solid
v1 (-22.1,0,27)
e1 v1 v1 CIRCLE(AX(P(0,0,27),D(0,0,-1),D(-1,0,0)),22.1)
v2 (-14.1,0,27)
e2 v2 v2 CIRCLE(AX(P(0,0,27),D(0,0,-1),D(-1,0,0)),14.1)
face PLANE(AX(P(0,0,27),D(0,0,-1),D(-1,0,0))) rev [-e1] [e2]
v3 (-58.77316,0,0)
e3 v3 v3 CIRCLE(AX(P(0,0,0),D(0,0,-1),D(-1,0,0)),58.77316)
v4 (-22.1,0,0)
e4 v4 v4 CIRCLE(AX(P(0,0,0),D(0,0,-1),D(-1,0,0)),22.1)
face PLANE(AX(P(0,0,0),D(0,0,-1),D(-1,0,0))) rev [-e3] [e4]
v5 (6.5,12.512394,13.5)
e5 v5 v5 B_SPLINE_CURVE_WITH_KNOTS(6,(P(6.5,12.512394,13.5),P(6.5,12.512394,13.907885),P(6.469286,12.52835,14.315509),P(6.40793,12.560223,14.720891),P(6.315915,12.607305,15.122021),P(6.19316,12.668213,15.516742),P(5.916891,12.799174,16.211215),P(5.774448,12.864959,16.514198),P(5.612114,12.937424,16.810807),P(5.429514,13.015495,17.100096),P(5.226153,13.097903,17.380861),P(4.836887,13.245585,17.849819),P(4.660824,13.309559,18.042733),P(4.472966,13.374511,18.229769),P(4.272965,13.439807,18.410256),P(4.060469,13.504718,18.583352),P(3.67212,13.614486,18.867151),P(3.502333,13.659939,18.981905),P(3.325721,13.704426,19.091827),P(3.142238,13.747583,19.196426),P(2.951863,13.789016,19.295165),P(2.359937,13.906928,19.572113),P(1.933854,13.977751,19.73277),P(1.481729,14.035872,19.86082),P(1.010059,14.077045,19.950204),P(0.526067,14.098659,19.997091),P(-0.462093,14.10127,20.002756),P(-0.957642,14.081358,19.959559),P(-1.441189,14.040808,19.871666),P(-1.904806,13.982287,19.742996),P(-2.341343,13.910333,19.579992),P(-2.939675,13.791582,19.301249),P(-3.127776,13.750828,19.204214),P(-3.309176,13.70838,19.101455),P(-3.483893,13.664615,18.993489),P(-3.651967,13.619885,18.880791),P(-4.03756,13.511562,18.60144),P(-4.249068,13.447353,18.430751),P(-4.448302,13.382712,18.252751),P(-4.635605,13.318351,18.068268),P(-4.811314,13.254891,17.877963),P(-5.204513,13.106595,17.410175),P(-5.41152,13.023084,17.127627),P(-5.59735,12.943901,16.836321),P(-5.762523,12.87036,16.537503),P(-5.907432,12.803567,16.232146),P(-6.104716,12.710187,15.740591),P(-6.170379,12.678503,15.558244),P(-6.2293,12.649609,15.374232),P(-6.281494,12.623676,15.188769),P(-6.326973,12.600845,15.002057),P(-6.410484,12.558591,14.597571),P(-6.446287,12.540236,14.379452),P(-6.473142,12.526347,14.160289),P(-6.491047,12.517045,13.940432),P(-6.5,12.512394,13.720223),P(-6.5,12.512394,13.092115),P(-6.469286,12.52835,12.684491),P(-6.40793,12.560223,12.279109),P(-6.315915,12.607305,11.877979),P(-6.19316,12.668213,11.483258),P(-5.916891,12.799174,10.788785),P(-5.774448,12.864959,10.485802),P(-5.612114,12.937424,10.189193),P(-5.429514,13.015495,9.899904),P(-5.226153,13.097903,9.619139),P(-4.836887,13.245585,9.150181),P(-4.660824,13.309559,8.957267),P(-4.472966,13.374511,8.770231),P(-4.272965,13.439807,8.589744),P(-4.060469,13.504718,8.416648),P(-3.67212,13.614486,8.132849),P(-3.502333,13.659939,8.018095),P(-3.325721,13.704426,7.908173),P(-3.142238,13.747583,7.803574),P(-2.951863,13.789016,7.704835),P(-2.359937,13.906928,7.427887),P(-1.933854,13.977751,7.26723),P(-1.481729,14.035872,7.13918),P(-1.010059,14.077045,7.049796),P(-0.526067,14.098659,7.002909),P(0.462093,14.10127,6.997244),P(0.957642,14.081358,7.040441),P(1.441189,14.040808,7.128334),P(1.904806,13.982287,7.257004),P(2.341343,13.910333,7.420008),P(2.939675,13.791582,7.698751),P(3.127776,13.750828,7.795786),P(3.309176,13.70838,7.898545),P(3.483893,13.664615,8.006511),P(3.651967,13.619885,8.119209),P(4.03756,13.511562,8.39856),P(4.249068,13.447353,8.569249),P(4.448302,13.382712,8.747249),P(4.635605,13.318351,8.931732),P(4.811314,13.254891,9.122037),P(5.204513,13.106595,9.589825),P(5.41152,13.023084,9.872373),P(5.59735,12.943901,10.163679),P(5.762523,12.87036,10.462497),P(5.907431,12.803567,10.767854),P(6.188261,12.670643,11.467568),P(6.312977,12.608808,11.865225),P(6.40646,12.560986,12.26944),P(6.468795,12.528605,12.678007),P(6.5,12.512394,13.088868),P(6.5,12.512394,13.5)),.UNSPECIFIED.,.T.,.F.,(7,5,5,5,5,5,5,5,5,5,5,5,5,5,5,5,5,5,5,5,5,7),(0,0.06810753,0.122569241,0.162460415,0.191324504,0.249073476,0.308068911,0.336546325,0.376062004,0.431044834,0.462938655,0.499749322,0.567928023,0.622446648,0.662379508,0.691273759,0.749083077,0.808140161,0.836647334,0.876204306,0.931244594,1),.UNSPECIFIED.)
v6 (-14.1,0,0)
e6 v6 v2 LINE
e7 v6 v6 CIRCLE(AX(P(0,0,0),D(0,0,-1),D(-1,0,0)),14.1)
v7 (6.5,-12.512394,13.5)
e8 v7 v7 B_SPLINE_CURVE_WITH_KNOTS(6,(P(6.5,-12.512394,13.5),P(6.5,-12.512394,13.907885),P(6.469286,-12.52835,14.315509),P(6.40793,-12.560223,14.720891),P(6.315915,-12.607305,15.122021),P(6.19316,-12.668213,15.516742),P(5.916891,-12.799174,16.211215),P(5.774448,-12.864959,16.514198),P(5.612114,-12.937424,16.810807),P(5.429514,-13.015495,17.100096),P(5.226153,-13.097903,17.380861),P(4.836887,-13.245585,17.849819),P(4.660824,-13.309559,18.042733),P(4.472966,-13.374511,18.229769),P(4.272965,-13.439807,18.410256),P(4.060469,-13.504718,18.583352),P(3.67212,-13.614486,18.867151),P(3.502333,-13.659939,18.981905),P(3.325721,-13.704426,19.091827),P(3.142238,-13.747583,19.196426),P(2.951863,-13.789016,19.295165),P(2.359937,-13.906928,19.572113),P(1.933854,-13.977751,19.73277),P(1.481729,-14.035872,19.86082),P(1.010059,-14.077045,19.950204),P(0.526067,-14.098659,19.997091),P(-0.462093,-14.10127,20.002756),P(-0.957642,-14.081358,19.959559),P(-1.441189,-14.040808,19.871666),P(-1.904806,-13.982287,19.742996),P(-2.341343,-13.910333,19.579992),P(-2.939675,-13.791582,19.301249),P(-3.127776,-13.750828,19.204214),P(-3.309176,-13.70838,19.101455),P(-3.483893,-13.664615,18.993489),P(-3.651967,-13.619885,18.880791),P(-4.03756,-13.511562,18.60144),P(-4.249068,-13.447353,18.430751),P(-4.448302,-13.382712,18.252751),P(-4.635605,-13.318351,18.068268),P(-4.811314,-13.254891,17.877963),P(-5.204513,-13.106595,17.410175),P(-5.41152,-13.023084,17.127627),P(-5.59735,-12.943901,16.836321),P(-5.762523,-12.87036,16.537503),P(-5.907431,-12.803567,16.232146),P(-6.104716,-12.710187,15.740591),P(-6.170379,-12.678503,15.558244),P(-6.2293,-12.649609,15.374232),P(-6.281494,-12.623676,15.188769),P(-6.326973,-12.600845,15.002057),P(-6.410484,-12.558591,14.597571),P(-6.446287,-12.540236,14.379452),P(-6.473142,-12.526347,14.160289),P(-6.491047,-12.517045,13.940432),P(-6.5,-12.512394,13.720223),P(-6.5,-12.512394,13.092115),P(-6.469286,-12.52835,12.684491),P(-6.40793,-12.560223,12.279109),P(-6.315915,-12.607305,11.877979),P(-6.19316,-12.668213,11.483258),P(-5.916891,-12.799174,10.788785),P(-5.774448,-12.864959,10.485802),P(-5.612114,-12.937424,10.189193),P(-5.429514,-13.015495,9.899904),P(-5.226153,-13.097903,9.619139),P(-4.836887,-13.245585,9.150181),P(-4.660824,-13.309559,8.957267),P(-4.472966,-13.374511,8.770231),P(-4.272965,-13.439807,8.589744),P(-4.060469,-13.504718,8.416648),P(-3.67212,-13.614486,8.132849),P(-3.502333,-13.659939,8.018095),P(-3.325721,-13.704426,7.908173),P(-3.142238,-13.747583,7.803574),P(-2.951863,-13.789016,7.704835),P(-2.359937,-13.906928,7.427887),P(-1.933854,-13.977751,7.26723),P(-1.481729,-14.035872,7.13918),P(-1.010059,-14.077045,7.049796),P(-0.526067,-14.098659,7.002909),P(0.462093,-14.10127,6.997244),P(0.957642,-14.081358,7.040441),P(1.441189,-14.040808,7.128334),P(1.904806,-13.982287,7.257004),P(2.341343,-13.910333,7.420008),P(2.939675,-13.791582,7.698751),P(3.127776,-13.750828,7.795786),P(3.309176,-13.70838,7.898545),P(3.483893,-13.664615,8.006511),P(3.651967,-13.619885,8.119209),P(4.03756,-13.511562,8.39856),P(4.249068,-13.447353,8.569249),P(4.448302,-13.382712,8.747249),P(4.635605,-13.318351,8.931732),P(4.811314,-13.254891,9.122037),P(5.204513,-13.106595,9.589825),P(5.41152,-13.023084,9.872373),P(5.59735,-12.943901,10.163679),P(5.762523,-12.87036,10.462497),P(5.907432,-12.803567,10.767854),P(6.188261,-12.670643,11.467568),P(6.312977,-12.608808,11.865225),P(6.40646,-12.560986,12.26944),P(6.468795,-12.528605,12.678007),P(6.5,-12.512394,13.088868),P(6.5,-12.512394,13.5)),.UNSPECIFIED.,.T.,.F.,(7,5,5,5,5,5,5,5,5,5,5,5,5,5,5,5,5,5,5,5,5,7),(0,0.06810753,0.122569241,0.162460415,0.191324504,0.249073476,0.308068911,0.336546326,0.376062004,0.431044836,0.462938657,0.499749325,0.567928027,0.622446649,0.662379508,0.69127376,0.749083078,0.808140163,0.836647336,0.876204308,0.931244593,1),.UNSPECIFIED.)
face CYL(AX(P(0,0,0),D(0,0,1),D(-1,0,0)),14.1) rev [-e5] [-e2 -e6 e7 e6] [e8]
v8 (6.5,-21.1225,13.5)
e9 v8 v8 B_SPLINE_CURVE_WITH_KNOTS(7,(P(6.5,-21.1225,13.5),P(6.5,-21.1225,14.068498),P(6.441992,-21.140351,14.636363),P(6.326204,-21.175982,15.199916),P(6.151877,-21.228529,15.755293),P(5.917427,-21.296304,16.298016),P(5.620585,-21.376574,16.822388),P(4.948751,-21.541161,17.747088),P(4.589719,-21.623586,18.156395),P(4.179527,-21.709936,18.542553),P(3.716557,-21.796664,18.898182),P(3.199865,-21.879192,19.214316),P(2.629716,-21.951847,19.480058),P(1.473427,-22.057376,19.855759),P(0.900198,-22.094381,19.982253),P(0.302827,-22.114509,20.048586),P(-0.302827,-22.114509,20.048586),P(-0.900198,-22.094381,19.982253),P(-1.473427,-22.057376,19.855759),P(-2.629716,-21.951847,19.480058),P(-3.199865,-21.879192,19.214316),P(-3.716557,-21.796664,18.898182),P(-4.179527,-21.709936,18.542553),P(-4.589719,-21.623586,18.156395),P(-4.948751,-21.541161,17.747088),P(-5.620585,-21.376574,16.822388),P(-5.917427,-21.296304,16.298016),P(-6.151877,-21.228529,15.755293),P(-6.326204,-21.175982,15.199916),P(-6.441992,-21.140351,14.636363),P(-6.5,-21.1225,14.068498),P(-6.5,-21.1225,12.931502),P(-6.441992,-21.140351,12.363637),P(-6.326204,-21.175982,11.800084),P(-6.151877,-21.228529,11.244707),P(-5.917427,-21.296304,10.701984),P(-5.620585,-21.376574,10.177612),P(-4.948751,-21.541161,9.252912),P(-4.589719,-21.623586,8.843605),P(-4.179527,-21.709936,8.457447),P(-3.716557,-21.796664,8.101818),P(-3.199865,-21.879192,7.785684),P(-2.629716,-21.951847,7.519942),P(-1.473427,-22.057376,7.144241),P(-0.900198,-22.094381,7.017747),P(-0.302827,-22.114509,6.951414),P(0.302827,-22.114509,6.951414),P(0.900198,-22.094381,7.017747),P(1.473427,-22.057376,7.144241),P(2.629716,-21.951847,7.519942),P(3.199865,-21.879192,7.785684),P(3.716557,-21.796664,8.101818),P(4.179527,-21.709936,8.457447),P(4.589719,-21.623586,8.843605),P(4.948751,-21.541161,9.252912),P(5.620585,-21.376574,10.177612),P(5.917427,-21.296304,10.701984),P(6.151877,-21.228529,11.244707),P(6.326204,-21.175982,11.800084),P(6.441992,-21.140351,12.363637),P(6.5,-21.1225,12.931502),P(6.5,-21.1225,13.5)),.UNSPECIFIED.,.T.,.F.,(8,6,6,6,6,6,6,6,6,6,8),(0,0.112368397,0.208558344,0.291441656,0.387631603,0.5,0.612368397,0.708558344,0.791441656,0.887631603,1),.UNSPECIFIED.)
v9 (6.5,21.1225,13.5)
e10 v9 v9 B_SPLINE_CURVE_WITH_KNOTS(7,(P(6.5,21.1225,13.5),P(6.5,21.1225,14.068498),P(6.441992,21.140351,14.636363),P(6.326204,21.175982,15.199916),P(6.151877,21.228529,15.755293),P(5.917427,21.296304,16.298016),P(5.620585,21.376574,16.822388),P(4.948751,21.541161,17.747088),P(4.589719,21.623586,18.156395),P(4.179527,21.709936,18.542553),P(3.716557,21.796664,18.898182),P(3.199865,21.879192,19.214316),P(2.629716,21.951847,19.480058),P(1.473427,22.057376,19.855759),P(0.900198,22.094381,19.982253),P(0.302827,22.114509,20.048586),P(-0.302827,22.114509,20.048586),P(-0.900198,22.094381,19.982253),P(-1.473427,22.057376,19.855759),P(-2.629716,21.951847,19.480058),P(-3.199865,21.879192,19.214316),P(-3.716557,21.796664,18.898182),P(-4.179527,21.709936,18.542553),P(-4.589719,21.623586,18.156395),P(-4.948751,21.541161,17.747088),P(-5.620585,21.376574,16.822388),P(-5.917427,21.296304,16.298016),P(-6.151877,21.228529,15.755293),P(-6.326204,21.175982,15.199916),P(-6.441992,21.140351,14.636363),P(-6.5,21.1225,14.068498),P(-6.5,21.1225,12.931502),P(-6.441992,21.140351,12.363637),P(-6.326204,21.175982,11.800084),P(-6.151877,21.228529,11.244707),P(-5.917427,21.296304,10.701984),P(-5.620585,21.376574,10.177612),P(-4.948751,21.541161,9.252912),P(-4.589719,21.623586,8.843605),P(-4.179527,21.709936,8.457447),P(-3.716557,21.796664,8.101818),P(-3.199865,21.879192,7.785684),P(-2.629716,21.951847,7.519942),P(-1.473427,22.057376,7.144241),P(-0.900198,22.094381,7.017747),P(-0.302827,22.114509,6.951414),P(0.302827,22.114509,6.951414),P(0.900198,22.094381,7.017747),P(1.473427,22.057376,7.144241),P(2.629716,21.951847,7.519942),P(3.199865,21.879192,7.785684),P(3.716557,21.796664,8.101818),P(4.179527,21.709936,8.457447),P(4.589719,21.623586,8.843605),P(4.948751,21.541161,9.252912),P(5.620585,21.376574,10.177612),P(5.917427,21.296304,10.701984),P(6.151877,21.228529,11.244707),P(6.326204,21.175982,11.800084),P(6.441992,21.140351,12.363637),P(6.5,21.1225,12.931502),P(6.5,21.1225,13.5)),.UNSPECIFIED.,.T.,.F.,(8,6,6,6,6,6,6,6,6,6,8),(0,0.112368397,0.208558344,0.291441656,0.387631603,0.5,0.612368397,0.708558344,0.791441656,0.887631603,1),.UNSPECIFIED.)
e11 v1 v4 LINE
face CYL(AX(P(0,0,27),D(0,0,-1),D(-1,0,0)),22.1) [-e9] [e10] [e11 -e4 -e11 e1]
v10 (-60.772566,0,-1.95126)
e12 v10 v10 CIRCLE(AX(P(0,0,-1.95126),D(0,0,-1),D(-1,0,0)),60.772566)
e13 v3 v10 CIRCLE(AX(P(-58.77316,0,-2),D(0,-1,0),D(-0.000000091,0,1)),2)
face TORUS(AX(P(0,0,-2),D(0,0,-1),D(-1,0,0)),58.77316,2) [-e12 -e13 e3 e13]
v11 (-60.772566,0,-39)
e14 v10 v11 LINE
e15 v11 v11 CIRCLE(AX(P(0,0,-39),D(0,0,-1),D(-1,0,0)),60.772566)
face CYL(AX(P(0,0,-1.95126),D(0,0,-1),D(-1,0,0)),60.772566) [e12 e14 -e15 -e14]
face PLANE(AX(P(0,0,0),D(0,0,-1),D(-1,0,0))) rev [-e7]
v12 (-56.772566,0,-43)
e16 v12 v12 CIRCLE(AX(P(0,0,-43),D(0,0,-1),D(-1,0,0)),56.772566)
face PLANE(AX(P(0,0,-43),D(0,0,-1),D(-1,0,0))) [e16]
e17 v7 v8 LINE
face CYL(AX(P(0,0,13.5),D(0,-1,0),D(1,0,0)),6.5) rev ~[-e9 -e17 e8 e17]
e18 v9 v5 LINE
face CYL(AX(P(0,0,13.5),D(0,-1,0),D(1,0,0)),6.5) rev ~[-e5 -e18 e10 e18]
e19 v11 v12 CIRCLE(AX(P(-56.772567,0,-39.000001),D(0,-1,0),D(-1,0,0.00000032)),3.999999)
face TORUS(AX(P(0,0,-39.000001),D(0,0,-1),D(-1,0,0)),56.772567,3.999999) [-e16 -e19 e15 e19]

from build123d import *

# Parameters (mm, degrees)
F2_R     = 6.5
F3_DEPTH = 30


with BuildPart() as f1:
    # F0 (on Front) → F1 (revolve)
    with BuildSketch(Plane.XZ):
        with BuildLine():
            Line((-14.1, 0), (-14.1, 27))
            Line((-14.1, 27), (-22.1, 27))
            Line((-22.1, 27), (-22.1, 0))
            Line((-22.1, 0), (-58.77316, 0))
            ThreePointArc((-58.77316, 0), (-60.170035, -0.568658), (-60.772566, -1.95126))
            Line((-60.772566, -1.95126), (-60.772566, -2.403001))
            Line((-60.772566, -2.403001), (-60.772566, -39))
            ThreePointArc((-60.772566, -39), (-59.600994, -41.828427), (-56.772566, -43))
            Line((-56.772566, -43), (-56.4, -43))
            Line((-56.4, -43), (0, -43))
            Line((0, -43), (0, 0))
            Line((0, 0), (-14.1, 0))
        make_face()
    revolve(axis=Axis((0, 0, -21.5), (0, 0, -1)))

    # F2 (on Front) → F3 (cut, symmetric)
    with BuildSketch(Plane.XZ):
        with Locations((0, 13.5)):
            Circle(F2_R)
    extrude(amount=F3_DEPTH, both=True, mode=Mode.SUBTRACT)


solid = f1.part
